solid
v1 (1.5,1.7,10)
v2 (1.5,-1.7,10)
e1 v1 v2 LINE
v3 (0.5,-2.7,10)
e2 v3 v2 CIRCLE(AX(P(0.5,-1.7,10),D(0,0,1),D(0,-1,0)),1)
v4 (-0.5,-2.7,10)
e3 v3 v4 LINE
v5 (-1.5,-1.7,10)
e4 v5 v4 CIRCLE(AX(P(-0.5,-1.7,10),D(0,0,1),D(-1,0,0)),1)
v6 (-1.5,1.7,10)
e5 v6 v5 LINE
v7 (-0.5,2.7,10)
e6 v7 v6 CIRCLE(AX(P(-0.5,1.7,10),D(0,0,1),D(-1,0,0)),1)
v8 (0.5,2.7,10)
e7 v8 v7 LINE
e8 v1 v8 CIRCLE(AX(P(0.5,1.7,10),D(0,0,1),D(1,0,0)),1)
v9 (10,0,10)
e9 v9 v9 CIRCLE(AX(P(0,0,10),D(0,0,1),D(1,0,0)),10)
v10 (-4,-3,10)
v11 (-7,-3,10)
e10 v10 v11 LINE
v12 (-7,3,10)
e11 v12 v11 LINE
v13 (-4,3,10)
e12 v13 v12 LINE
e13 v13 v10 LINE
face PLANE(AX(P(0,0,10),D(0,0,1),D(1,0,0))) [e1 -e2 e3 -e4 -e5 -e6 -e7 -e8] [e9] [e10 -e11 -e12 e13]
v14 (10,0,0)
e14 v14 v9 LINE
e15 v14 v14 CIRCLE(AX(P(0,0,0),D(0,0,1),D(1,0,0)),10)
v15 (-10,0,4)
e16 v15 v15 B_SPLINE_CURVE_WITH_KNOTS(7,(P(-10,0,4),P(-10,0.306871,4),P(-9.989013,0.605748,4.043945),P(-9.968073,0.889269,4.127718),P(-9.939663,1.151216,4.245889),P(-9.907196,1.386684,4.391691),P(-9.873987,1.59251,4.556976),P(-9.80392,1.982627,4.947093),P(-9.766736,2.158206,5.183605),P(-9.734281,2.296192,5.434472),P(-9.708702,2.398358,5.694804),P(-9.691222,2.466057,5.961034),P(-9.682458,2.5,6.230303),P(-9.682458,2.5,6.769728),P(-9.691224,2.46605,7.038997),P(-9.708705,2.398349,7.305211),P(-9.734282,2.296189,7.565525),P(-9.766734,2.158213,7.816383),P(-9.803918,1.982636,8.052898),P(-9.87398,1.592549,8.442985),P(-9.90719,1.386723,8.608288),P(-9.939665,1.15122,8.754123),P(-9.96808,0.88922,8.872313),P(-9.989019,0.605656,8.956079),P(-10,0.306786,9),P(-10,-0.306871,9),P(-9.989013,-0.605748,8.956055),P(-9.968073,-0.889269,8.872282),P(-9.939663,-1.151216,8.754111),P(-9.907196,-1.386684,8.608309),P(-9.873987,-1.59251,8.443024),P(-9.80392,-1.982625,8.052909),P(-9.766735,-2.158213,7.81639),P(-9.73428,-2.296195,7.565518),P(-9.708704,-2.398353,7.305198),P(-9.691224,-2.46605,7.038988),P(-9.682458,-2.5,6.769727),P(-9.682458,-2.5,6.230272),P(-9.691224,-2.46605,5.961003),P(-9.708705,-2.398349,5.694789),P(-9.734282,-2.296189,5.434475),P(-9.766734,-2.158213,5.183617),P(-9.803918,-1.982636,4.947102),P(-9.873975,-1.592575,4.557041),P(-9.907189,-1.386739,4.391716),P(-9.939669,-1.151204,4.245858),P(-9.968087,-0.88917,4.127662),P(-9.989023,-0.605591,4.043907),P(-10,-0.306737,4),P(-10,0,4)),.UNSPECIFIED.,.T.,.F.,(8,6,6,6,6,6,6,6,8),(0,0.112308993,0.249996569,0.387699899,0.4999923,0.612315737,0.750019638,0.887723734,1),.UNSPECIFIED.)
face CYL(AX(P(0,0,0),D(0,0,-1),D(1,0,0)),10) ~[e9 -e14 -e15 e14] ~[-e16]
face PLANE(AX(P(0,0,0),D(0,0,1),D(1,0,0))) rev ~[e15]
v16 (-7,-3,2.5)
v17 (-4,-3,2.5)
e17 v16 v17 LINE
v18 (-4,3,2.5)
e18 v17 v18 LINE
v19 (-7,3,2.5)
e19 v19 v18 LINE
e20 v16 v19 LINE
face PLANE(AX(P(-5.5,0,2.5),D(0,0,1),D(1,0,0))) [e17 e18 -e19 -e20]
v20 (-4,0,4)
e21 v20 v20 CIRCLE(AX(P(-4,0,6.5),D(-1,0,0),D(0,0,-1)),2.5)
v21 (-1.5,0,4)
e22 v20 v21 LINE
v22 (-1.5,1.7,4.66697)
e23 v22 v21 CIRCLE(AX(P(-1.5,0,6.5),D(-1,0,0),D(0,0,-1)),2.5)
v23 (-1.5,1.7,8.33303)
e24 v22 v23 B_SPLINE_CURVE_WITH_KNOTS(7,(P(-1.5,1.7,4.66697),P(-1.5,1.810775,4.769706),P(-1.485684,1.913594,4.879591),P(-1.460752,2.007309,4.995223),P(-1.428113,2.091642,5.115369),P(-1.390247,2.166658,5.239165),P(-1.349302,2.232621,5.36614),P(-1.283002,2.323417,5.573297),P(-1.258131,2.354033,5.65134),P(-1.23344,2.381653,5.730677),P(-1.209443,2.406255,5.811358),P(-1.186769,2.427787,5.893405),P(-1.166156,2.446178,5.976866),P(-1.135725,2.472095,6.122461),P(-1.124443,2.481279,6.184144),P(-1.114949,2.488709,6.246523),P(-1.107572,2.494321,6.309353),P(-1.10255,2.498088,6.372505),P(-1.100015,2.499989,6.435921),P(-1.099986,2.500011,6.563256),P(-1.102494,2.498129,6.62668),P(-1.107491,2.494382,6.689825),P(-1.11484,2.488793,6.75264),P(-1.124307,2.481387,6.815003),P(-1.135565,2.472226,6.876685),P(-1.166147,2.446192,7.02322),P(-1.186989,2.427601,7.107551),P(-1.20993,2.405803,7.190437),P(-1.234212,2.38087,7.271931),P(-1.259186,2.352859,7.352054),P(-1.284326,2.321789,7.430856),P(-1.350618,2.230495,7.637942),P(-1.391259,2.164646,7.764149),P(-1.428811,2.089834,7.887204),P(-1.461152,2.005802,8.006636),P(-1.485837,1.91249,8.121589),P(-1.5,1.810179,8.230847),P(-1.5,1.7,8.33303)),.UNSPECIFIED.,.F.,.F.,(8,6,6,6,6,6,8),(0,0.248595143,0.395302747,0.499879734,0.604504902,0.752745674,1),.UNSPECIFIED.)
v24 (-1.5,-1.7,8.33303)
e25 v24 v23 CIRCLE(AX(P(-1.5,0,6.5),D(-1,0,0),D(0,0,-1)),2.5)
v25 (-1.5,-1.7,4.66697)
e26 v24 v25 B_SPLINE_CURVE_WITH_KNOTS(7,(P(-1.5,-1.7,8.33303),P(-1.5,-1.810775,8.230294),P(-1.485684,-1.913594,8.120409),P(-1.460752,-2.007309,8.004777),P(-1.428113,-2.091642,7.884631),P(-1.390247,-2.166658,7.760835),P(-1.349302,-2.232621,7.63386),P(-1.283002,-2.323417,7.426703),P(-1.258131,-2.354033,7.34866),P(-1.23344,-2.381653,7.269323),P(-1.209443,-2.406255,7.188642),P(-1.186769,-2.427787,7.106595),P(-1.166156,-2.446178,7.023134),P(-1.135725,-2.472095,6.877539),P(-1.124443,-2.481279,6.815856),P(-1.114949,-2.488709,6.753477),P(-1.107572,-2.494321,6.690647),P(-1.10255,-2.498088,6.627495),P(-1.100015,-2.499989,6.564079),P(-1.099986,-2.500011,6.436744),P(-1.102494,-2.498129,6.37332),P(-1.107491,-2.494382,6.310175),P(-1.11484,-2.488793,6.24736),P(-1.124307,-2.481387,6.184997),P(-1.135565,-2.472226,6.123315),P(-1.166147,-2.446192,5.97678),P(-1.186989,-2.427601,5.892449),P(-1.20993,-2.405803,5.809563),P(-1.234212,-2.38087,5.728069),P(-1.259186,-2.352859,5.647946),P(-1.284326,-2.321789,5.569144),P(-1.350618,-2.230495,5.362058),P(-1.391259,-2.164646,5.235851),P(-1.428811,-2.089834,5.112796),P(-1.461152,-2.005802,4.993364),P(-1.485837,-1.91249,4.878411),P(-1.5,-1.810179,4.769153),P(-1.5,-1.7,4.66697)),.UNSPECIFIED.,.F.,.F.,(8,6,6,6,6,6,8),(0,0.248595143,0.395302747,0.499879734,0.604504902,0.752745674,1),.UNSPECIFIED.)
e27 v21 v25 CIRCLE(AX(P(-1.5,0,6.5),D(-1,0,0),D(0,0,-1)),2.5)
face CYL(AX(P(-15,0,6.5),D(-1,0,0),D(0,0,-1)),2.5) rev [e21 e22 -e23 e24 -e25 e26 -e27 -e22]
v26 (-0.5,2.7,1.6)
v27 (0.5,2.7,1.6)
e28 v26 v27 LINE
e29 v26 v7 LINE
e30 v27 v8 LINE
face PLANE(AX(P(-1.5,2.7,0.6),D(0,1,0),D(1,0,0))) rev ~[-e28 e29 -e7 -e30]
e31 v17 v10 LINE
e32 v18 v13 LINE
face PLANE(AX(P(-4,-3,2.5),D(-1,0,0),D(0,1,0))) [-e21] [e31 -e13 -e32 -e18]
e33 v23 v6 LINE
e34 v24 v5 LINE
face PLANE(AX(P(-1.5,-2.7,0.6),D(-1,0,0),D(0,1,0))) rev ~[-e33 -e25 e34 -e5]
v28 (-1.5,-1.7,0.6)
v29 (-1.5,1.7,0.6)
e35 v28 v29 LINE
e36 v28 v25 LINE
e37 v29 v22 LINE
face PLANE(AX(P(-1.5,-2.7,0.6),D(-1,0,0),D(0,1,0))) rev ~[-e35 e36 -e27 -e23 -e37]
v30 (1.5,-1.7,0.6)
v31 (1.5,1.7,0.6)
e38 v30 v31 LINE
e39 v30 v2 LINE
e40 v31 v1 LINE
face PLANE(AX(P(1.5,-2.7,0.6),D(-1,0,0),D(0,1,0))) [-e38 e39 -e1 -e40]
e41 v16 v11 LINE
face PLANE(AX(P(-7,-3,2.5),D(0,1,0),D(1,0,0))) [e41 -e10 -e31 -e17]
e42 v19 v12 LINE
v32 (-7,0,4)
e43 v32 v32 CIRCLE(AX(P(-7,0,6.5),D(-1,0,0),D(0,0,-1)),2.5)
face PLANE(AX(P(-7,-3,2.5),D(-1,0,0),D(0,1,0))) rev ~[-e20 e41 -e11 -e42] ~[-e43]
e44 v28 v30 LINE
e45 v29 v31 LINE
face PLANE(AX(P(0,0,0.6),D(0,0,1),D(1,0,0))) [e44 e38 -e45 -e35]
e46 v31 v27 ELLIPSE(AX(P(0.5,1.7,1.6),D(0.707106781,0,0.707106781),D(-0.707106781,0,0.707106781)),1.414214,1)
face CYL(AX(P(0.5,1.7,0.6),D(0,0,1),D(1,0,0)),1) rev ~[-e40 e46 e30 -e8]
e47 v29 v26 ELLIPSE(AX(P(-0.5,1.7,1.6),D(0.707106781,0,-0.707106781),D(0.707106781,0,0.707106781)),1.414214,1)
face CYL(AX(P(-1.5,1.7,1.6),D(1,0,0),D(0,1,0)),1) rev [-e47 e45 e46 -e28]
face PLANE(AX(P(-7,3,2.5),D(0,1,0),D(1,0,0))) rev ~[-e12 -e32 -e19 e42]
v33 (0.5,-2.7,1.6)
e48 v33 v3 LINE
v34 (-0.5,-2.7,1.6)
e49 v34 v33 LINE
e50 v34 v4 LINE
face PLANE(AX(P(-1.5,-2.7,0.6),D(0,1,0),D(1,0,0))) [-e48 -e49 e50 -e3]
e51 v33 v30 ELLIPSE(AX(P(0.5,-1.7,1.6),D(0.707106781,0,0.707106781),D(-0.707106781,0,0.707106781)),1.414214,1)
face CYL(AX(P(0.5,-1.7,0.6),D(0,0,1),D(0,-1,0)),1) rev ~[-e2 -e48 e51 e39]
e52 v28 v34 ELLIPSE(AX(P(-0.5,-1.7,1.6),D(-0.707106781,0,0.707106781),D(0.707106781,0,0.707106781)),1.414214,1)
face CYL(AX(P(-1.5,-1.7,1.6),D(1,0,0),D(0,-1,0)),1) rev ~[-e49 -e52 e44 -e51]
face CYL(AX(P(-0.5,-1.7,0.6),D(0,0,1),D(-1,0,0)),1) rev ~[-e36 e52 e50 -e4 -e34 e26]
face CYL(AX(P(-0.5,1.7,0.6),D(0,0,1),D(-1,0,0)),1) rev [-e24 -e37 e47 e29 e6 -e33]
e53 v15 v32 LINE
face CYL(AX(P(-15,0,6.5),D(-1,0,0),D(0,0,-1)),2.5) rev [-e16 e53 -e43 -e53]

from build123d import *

# Parameters (mm, degrees)
CYLINDER001_R     = 2.5
CYLINDER001_DEPTH = 15
BOX_W             = 3
BOX_H             = 5.4
BOX_DEPTH         = 15
FILLET_R          = 1
BOX001_W          = 3
BOX001_H          = 6
BOX001_DEPTH      = 15
CYLINDER_R        = 10
CYLINDER_DEPTH    = 10


with BuildPart() as cilindro001:
    # Cylinder001 → Cylinder001 (new body)
    with BuildSketch(Plane(origin=(-15, 0, 6.5), x_dir=(0, 0, -1), z_dir=(1, 0, 0))):
        Circle(CYLINDER001_R)
    extrude(amount=CYLINDER001_DEPTH)


with BuildPart() as fillet_body:
    # Box → Box (new body)
    with BuildSketch(Plane(origin=(-1.5, -2.7, 0.6), x_dir=(1, 0, 0), z_dir=(0, 0, 1))):
        with Locations((1.5, 2.7)):
            Rectangle(BOX_W, BOX_H)
    extrude(amount=BOX_DEPTH)

    # Fillet
    fillet_edges = [fillet_body.edges().sort_by_distance(p)[0] for p in [
        (-1.5, -2.7, 8.1),
        (-1.5, 2.7, 8.1),
        (1.5, -2.7, 8.1),
        (1.5, 2.7, 8.1),
        (0, -2.7, 0.6),
        (0, -2.7, 15.6),
        (0, 2.7, 0.6),
        (0, 2.7, 15.6),
    ]]
    fillet(fillet_edges, radius=FILLET_R)


with BuildPart() as cubo001:
    # Box001 → Box001 (new body)
    with BuildSketch(Plane(origin=(-7, -3, 2.5), x_dir=(1, 0, 0), z_dir=(0, 0, 1))):
        with Locations((1.5, 3)):
            Rectangle(BOX001_W, BOX001_H)
    extrude(amount=BOX001_DEPTH)


with BuildPart() as cut002:
    # Cylinder → Cylinder (new body)
    with BuildSketch(Plane.XY):
        Circle(CYLINDER_R)
    extrude(amount=CYLINDER_DEPTH)

    # Cut: cut Cubo001
    add(cubo001.part, mode=Mode.SUBTRACT)

    # Cut001: cut Fillet body
    add(fillet_body.part, mode=Mode.SUBTRACT)

    # Cut002: cut Cilindro001
    add(cilindro001.part, mode=Mode.SUBTRACT)


solid = cut002.part
